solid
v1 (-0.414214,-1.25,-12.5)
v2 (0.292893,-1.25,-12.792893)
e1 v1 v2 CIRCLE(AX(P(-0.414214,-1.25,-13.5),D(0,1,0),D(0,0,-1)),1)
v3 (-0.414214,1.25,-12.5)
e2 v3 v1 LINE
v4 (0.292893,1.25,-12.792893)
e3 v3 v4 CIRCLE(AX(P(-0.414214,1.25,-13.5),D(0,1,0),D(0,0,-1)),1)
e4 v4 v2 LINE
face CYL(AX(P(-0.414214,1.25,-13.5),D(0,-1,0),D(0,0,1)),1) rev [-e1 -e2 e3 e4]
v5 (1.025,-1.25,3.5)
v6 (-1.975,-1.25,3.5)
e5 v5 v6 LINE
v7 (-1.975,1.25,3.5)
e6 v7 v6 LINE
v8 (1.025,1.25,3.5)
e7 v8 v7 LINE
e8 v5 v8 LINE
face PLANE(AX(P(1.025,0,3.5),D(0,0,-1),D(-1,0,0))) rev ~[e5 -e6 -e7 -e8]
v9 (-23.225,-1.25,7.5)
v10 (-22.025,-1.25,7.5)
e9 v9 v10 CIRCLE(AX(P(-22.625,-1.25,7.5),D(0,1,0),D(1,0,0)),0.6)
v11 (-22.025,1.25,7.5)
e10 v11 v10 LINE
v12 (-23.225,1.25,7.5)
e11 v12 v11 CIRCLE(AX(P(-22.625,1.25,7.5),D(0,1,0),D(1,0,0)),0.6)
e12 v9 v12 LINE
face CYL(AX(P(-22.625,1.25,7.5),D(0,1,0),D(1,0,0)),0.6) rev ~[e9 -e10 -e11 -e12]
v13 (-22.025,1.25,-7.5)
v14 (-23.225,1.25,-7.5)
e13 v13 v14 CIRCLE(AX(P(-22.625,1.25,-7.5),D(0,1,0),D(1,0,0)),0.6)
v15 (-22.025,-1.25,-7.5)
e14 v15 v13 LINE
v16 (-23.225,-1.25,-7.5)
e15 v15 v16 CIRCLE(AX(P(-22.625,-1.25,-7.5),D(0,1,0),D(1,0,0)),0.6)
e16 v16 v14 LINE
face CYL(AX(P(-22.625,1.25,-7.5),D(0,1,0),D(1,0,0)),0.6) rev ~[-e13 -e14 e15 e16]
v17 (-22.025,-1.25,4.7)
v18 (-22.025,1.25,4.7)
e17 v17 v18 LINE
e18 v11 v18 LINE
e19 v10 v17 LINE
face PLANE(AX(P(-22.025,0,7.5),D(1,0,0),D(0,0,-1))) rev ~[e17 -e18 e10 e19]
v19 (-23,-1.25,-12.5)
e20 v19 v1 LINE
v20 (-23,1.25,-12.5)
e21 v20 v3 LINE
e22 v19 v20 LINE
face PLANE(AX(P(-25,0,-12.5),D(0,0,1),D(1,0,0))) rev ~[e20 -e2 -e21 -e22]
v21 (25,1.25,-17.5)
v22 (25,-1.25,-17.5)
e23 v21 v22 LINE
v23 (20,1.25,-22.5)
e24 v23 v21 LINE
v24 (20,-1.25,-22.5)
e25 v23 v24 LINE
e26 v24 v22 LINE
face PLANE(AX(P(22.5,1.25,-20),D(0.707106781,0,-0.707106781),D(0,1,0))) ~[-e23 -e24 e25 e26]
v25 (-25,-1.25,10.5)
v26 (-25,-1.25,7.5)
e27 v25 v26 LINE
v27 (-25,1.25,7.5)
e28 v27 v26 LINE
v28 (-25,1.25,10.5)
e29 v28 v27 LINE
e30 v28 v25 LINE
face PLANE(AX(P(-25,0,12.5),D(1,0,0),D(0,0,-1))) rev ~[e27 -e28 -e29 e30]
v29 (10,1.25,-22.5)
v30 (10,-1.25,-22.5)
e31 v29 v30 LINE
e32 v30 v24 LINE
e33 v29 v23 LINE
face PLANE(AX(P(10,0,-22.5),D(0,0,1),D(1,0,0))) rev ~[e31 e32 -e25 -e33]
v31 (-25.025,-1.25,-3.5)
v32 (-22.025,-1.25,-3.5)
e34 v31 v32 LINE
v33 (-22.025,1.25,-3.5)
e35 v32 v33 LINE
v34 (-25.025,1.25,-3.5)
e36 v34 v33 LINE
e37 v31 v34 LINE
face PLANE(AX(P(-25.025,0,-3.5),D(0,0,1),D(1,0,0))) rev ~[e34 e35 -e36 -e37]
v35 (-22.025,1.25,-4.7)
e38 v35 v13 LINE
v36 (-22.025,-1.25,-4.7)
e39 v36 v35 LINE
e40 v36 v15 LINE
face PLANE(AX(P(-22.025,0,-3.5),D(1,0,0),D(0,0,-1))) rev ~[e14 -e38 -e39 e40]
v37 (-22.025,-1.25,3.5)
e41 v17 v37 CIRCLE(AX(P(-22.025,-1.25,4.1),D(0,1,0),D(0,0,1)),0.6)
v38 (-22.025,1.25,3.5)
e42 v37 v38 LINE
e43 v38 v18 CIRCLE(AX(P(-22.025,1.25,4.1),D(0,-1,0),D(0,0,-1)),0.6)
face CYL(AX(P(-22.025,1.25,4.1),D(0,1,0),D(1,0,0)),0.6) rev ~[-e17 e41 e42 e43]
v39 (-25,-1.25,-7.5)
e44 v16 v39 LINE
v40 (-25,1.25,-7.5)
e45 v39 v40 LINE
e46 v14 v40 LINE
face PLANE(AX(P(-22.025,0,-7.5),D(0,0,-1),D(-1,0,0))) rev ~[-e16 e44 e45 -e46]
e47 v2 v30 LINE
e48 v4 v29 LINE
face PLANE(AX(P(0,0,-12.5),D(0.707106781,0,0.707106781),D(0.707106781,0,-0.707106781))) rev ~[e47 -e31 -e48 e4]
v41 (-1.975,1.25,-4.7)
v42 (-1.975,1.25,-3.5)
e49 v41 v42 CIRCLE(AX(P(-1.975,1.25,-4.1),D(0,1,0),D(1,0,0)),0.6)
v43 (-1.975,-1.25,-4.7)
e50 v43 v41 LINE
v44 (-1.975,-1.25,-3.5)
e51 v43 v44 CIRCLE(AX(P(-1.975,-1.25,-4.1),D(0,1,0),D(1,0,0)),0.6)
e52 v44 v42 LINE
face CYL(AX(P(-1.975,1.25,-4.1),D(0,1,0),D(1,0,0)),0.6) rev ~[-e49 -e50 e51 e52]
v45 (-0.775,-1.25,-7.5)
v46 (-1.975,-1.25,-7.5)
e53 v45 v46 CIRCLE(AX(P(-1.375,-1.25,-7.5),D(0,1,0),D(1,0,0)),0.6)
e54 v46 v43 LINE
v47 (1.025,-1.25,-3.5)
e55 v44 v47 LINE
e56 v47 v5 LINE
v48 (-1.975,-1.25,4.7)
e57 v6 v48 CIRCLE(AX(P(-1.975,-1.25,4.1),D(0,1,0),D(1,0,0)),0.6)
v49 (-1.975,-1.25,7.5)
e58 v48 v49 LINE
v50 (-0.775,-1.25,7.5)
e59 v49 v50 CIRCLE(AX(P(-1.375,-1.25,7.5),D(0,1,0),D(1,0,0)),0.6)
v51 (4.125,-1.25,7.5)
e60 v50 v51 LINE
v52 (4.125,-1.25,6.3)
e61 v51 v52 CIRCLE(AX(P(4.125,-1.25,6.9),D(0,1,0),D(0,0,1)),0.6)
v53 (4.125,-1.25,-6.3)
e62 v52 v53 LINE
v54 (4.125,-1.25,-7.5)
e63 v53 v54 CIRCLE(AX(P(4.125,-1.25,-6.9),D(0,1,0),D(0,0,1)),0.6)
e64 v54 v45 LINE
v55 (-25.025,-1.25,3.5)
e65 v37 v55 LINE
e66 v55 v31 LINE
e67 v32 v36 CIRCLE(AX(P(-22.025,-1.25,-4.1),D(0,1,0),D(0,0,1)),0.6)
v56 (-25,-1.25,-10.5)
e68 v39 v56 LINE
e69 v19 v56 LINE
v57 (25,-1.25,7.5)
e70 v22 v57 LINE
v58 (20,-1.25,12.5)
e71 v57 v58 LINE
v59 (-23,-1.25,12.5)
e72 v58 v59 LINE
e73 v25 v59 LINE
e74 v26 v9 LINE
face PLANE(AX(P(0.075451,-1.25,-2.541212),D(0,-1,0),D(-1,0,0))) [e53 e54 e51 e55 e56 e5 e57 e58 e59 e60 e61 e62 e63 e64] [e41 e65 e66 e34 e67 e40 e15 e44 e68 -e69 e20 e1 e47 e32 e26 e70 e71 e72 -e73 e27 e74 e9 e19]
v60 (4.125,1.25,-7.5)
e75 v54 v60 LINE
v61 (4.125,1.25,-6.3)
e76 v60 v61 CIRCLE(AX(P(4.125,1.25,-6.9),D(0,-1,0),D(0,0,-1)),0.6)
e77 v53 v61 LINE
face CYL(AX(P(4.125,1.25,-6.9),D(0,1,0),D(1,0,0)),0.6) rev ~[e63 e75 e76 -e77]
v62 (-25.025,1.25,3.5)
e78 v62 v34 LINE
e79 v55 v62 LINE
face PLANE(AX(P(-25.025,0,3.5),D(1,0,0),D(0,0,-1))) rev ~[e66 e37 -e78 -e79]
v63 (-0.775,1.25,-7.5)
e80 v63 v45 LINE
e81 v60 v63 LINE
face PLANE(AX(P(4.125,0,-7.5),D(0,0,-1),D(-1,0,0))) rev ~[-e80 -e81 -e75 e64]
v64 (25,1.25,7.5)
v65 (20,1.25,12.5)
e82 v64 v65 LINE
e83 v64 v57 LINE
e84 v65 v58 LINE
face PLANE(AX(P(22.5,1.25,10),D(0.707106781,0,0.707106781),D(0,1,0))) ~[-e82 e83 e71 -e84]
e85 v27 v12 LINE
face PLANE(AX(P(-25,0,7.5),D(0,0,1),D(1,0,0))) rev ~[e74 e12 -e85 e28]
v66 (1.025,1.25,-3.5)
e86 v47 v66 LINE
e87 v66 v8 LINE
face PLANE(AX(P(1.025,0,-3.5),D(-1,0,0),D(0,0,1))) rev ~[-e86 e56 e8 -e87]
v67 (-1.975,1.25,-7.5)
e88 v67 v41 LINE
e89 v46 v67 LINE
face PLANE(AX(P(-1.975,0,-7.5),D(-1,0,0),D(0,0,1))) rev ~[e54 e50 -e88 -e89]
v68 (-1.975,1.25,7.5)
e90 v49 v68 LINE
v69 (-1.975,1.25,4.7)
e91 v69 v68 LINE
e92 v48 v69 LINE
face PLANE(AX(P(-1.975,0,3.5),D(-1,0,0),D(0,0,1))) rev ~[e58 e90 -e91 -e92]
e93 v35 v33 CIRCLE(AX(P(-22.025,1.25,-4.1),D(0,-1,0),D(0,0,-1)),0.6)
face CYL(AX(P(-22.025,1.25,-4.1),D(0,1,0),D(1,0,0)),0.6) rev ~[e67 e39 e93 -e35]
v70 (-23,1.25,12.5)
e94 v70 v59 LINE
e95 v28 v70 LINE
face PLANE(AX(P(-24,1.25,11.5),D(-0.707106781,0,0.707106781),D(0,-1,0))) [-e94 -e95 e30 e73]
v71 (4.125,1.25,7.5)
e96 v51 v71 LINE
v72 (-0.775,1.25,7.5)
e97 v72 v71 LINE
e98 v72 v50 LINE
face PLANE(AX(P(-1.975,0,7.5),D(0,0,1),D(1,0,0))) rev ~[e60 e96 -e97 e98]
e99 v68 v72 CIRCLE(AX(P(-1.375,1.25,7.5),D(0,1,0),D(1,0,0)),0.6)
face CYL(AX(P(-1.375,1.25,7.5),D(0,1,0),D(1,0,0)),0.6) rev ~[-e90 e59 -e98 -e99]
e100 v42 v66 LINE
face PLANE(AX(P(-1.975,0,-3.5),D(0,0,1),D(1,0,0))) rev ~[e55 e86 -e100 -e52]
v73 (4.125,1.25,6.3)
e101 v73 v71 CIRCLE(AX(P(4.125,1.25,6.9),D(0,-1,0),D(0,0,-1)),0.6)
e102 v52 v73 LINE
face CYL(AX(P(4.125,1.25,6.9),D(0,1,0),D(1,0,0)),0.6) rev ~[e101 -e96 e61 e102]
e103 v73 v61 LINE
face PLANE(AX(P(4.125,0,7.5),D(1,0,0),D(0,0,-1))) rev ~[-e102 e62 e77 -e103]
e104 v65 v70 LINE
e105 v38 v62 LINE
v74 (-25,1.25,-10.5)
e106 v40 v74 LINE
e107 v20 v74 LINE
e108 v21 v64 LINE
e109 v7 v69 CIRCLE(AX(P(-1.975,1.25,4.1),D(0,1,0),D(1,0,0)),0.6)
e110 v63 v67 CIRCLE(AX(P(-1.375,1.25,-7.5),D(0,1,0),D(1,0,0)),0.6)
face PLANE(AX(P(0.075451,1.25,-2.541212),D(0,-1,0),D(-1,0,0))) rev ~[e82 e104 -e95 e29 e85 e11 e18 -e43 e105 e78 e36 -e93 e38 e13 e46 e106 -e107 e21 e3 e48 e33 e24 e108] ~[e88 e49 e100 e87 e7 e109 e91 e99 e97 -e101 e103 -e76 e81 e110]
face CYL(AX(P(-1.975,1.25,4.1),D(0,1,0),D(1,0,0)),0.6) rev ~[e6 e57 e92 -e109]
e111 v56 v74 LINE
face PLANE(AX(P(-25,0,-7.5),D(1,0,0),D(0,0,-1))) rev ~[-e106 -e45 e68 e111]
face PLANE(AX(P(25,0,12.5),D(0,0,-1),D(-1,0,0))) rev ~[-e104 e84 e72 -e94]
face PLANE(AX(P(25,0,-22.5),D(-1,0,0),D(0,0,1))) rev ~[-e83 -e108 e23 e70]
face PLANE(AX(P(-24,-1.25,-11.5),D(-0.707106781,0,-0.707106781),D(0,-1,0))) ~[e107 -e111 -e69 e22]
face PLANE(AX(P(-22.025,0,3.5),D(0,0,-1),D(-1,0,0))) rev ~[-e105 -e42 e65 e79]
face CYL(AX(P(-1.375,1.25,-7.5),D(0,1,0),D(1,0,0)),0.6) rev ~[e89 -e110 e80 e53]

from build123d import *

# Parameters (mm, degrees)
EXTRUDE_1_DEPTH     = 1.25
SKETCH_2_R          = 0.6
CUT_EXTRUDE_1_DEPTH = 3.5
CHAMFER_2_SIZE      = 2
FILLET_1_R          = 1
CHAMFER_3_SIZE      = 5


with BuildPart() as part:
    # 草图1 → 凸台-拉伸1 (new body, symmetric)
    with BuildSketch(Plane(origin=(0, 0, 0), x_dir=(1, 0, 0), z_dir=(0, 1, 0))):
        Polygon((-25, 12.5), (0, 12.5), (10, 22.5), (25, 22.5), (25, -12.5), (-25, -12.5), (-25, -7.5), (-22.025, -7.5), (-22.025, -3.5), (-25.025, -3.5), (-25.025, 3.5), (-22.025, 3.5), (-22.025, 7.5), (-25, 7.5), align=None)
        Polygon((-1.975, -3.5), (-1.975, -7.5), (4.125, -7.5), (4.125, 7.5), (-1.975, 7.5), (-1.975, 3.5), (1.025, 3.5), (1.025, -3.5), align=None, mode=Mode.SUBTRACT)
    extrude(amount=EXTRUDE_1_DEPTH, both=True)

    # 草图2 → 切除-拉伸1 (cut, through all)
    with BuildSketch(Plane(origin=(0, 1.25, 0), x_dir=(1, 0, 0), z_dir=(0, 1, 0))):
        with Locations((-22.025, 4.1)):
            Circle(SKETCH_2_R)
        with Locations((-22.625, 7.5)):
            Circle(SKETCH_2_R)
        with Locations((-22.625, -7.5)):
            Circle(SKETCH_2_R)
        with Locations((-22.025, -4.1)):
            Circle(SKETCH_2_R)
        with Locations((-1.975, 4.1)):
            Circle(SKETCH_2_R)
        with Locations((-1.375, 7.5)):
            Circle(SKETCH_2_R)
        with Locations((-1.375, -7.5)):
            Circle(SKETCH_2_R)
        with Locations((-1.975, -4.1)):
            Circle(SKETCH_2_R)
        with Locations((4.125, -6.9)):
            Circle(SKETCH_2_R)
        with Locations((4.125, 6.9)):
            Circle(SKETCH_2_R)
    extrude(amount=-CUT_EXTRUDE_1_DEPTH, mode=Mode.SUBTRACT)

    # 倒角2
    chamfer_2_edges = [part.edges().sort_by_distance(p)[0] for p in [
        (-25, 0, -12.5),
        (-25, 0, 12.5),
    ]]
    chamfer(chamfer_2_edges, length=CHAMFER_2_SIZE)

    # 圆角1
    fillet_1_edges = [part.edges().sort_by_distance(p)[0] for p in [
        (0, 0, -12.5),
    ]]
    fillet(fillet_1_edges, radius=FILLET_1_R)

    # 倒角3
    chamfer_3_edges = [part.edges().sort_by_distance(p)[0] for p in [
        (25, 0, -22.5),
        (25, 0, 12.5),
    ]]
    chamfer(chamfer_3_edges, length=CHAMFER_3_SIZE)


solid = part.part
